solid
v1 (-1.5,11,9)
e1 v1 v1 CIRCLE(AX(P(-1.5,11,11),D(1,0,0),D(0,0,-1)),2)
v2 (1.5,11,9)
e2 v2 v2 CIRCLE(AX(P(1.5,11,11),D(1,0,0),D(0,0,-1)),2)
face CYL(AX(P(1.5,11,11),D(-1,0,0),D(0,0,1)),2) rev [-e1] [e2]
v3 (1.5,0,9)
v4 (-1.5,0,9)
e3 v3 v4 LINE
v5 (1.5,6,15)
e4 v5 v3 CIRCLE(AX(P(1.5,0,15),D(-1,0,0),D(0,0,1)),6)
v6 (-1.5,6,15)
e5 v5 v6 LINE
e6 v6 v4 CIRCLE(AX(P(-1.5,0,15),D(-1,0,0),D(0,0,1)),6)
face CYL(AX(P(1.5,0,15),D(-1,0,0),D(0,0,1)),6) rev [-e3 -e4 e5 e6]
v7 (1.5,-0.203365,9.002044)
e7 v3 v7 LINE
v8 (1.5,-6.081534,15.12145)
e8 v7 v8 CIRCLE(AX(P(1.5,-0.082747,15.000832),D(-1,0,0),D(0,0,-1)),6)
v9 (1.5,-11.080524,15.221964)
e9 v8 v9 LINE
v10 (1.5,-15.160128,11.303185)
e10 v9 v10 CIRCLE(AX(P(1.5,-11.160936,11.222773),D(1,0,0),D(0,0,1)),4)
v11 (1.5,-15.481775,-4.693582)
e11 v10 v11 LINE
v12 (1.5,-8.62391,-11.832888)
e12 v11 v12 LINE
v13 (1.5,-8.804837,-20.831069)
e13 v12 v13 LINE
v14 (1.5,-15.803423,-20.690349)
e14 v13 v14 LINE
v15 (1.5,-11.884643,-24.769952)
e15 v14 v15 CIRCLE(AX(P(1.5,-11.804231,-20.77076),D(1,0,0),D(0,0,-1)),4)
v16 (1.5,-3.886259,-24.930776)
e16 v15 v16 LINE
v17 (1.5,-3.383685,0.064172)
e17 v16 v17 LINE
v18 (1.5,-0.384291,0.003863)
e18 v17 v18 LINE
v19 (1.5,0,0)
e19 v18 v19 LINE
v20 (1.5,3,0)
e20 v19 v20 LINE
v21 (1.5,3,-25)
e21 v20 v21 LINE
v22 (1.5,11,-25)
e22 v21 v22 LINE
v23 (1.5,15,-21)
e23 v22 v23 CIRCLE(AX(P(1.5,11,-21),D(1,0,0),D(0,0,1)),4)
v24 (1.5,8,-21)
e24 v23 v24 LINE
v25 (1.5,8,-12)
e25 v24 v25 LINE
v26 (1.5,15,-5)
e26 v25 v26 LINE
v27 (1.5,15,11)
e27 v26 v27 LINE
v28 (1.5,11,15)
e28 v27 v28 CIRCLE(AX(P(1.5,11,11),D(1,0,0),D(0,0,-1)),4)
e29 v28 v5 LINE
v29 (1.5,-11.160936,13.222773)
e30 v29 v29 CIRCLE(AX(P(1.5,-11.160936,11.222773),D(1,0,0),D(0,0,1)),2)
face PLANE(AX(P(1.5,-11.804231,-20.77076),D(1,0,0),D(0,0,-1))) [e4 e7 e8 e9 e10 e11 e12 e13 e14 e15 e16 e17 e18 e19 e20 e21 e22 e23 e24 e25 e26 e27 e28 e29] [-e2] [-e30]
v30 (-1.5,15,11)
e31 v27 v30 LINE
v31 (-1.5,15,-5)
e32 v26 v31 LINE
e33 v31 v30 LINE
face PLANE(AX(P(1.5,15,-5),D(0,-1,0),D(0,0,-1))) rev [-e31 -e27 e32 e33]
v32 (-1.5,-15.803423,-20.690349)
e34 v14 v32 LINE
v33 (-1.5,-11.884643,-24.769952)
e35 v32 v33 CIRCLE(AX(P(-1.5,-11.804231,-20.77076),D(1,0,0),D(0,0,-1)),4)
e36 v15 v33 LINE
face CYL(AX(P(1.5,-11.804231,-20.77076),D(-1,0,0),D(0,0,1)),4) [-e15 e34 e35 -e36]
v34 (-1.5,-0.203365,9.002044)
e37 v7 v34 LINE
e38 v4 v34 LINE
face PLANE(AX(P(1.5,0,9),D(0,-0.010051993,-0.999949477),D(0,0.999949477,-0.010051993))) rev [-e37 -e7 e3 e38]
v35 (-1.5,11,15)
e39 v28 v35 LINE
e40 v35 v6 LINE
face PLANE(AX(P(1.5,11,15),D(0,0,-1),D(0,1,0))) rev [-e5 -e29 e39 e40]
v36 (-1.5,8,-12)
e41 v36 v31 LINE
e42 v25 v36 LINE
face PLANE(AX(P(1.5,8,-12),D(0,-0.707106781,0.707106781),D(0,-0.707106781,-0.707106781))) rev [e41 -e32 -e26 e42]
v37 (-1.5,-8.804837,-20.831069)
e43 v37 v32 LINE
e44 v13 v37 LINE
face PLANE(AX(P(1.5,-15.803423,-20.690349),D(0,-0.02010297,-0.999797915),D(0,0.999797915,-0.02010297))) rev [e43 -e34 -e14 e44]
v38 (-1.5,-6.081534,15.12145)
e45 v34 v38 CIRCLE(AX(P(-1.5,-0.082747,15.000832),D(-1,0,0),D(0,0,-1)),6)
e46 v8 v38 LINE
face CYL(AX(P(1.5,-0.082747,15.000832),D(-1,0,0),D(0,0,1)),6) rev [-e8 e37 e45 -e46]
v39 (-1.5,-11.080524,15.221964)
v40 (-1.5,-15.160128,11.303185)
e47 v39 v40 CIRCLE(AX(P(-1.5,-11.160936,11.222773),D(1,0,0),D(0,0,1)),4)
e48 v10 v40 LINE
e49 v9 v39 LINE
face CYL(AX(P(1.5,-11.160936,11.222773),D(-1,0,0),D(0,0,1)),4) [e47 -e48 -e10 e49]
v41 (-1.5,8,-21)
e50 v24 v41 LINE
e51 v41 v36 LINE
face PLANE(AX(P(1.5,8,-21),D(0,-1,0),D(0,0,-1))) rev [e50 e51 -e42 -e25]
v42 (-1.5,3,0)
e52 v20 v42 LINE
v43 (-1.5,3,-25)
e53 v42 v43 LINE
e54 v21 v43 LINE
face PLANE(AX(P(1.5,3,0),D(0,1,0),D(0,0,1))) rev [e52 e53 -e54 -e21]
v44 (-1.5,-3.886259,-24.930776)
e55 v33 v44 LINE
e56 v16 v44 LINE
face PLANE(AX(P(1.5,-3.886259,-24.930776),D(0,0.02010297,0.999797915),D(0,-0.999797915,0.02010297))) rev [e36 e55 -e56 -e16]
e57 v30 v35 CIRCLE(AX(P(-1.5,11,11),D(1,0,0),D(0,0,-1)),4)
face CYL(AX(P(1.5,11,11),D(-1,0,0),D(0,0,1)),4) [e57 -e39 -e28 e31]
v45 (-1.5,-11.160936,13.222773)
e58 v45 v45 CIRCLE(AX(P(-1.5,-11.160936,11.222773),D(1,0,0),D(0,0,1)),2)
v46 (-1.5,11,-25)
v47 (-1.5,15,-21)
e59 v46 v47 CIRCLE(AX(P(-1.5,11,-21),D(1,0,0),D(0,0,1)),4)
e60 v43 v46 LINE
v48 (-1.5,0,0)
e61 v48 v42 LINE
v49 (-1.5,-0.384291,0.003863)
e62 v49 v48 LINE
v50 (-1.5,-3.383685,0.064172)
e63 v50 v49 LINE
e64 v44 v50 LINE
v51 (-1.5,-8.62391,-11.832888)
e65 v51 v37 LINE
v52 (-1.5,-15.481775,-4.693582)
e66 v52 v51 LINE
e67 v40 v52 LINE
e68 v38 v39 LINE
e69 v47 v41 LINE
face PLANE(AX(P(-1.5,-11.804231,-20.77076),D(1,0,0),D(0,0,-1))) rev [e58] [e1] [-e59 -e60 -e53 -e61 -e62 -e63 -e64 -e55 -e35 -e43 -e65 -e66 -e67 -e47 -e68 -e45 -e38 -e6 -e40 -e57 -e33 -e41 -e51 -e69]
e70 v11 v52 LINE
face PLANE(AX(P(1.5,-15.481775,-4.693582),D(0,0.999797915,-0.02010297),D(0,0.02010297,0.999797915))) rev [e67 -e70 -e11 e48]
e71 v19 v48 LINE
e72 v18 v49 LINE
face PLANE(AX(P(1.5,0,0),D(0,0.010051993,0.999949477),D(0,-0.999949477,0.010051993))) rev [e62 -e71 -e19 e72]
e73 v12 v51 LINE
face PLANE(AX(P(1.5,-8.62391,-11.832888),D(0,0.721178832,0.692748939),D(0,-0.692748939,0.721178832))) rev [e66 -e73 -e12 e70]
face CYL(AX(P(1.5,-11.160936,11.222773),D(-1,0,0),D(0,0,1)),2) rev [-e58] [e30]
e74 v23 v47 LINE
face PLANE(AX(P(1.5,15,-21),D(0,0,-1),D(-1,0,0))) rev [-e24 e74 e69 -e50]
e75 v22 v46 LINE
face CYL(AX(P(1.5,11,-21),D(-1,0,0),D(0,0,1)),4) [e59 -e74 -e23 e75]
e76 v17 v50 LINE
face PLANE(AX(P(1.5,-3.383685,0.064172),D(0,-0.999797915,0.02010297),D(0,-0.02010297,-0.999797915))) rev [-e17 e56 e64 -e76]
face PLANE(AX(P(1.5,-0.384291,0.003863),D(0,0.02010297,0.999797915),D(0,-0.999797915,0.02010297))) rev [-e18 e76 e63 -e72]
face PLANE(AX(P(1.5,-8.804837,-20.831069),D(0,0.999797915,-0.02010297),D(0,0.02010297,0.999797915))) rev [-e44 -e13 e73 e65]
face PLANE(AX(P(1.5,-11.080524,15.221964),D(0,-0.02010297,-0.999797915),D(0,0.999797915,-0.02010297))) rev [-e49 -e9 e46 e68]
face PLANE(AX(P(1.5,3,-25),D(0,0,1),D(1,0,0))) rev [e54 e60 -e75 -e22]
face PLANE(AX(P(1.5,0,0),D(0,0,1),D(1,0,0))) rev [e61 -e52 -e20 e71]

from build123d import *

# Parameters (mm, degrees)
SKETCH1_R           = 2
BOSS_EXTRUDE1_DEPTH = 1.5


with BuildPart() as part:
    # Sketch1 → Boss-Extrude1 (new, symmetric)
    with BuildSketch(Plane(origin=(0, 0, 0), x_dir=(0, 0, -1), z_dir=(1, 0, 0))):
        with BuildLine():
            Line((0, 0), (0, 3))
            Line((0, 3), (25, 3))
            Line((25, 3), (25, 11))
            ThreePointArc((25, 11), (23.828427125, 13.828427125), (21, 15))
            Line((21, 15), (21, 8))
            Line((21, 8), (12, 8))
            Line((12, 8), (5, 15))
            Line((5, 15), (-11, 15))
            ThreePointArc((-11, 15), (-13.828427125, 13.828427125), (-15, 11))
            Line((-15, 11), (-15, 6))
            ThreePointArc((-15, 6), (-10.757359313, 4.242640687), (-9, 0))
            Line((-9, 0), (-9.002044324, -0.203364757))
            ThreePointArc((-9.002044324, -0.203364757), (-10.84433818, -4.409819928), (-15.121449634, -6.081534426))
            Line((-15.121449634, -6.081534426), (-15.221964484, -11.080524))
            ThreePointArc((-15.221964484, -11.080524), (-14.107488152, -13.931931636), (-11.303184704, -15.16012754))
            Line((-11.303184704, -15.16012754), (4.693581934, -15.48177506))
            Line((4.693581934, -15.48177506), (11.832888128, -8.623910446))
            Line((11.832888128, -8.623910446), (20.831069362, -8.804837176))
            Line((20.831069362, -8.804837176), (20.690348572, -15.80342258))
            ThreePointArc((20.690348572, -15.80342258), (23.541756208, -14.688946248), (24.769952111, -11.884642801))
            Line((24.769952111, -11.884642801), (24.930775871, -3.886259482))
            Line((24.930775871, -3.886259482), (-0.064172001, -3.383685231))
            Line((-0.064172001, -3.383685231), (-0.00386309, -0.384291487))
            Line((-0.00386309, -0.384291487), (0, 0))
        make_face()
        with Locations((-11, 11)):
            Circle(SKETCH1_R, mode=Mode.SUBTRACT)
        with Locations(Location((-11.222772824, -11.16093588, 0), (0, 0, 180))):
            Circle(SKETCH1_R, mode=Mode.SUBTRACT)
    extrude(amount=BOSS_EXTRUDE1_DEPTH, both=True)


solid = part.part
